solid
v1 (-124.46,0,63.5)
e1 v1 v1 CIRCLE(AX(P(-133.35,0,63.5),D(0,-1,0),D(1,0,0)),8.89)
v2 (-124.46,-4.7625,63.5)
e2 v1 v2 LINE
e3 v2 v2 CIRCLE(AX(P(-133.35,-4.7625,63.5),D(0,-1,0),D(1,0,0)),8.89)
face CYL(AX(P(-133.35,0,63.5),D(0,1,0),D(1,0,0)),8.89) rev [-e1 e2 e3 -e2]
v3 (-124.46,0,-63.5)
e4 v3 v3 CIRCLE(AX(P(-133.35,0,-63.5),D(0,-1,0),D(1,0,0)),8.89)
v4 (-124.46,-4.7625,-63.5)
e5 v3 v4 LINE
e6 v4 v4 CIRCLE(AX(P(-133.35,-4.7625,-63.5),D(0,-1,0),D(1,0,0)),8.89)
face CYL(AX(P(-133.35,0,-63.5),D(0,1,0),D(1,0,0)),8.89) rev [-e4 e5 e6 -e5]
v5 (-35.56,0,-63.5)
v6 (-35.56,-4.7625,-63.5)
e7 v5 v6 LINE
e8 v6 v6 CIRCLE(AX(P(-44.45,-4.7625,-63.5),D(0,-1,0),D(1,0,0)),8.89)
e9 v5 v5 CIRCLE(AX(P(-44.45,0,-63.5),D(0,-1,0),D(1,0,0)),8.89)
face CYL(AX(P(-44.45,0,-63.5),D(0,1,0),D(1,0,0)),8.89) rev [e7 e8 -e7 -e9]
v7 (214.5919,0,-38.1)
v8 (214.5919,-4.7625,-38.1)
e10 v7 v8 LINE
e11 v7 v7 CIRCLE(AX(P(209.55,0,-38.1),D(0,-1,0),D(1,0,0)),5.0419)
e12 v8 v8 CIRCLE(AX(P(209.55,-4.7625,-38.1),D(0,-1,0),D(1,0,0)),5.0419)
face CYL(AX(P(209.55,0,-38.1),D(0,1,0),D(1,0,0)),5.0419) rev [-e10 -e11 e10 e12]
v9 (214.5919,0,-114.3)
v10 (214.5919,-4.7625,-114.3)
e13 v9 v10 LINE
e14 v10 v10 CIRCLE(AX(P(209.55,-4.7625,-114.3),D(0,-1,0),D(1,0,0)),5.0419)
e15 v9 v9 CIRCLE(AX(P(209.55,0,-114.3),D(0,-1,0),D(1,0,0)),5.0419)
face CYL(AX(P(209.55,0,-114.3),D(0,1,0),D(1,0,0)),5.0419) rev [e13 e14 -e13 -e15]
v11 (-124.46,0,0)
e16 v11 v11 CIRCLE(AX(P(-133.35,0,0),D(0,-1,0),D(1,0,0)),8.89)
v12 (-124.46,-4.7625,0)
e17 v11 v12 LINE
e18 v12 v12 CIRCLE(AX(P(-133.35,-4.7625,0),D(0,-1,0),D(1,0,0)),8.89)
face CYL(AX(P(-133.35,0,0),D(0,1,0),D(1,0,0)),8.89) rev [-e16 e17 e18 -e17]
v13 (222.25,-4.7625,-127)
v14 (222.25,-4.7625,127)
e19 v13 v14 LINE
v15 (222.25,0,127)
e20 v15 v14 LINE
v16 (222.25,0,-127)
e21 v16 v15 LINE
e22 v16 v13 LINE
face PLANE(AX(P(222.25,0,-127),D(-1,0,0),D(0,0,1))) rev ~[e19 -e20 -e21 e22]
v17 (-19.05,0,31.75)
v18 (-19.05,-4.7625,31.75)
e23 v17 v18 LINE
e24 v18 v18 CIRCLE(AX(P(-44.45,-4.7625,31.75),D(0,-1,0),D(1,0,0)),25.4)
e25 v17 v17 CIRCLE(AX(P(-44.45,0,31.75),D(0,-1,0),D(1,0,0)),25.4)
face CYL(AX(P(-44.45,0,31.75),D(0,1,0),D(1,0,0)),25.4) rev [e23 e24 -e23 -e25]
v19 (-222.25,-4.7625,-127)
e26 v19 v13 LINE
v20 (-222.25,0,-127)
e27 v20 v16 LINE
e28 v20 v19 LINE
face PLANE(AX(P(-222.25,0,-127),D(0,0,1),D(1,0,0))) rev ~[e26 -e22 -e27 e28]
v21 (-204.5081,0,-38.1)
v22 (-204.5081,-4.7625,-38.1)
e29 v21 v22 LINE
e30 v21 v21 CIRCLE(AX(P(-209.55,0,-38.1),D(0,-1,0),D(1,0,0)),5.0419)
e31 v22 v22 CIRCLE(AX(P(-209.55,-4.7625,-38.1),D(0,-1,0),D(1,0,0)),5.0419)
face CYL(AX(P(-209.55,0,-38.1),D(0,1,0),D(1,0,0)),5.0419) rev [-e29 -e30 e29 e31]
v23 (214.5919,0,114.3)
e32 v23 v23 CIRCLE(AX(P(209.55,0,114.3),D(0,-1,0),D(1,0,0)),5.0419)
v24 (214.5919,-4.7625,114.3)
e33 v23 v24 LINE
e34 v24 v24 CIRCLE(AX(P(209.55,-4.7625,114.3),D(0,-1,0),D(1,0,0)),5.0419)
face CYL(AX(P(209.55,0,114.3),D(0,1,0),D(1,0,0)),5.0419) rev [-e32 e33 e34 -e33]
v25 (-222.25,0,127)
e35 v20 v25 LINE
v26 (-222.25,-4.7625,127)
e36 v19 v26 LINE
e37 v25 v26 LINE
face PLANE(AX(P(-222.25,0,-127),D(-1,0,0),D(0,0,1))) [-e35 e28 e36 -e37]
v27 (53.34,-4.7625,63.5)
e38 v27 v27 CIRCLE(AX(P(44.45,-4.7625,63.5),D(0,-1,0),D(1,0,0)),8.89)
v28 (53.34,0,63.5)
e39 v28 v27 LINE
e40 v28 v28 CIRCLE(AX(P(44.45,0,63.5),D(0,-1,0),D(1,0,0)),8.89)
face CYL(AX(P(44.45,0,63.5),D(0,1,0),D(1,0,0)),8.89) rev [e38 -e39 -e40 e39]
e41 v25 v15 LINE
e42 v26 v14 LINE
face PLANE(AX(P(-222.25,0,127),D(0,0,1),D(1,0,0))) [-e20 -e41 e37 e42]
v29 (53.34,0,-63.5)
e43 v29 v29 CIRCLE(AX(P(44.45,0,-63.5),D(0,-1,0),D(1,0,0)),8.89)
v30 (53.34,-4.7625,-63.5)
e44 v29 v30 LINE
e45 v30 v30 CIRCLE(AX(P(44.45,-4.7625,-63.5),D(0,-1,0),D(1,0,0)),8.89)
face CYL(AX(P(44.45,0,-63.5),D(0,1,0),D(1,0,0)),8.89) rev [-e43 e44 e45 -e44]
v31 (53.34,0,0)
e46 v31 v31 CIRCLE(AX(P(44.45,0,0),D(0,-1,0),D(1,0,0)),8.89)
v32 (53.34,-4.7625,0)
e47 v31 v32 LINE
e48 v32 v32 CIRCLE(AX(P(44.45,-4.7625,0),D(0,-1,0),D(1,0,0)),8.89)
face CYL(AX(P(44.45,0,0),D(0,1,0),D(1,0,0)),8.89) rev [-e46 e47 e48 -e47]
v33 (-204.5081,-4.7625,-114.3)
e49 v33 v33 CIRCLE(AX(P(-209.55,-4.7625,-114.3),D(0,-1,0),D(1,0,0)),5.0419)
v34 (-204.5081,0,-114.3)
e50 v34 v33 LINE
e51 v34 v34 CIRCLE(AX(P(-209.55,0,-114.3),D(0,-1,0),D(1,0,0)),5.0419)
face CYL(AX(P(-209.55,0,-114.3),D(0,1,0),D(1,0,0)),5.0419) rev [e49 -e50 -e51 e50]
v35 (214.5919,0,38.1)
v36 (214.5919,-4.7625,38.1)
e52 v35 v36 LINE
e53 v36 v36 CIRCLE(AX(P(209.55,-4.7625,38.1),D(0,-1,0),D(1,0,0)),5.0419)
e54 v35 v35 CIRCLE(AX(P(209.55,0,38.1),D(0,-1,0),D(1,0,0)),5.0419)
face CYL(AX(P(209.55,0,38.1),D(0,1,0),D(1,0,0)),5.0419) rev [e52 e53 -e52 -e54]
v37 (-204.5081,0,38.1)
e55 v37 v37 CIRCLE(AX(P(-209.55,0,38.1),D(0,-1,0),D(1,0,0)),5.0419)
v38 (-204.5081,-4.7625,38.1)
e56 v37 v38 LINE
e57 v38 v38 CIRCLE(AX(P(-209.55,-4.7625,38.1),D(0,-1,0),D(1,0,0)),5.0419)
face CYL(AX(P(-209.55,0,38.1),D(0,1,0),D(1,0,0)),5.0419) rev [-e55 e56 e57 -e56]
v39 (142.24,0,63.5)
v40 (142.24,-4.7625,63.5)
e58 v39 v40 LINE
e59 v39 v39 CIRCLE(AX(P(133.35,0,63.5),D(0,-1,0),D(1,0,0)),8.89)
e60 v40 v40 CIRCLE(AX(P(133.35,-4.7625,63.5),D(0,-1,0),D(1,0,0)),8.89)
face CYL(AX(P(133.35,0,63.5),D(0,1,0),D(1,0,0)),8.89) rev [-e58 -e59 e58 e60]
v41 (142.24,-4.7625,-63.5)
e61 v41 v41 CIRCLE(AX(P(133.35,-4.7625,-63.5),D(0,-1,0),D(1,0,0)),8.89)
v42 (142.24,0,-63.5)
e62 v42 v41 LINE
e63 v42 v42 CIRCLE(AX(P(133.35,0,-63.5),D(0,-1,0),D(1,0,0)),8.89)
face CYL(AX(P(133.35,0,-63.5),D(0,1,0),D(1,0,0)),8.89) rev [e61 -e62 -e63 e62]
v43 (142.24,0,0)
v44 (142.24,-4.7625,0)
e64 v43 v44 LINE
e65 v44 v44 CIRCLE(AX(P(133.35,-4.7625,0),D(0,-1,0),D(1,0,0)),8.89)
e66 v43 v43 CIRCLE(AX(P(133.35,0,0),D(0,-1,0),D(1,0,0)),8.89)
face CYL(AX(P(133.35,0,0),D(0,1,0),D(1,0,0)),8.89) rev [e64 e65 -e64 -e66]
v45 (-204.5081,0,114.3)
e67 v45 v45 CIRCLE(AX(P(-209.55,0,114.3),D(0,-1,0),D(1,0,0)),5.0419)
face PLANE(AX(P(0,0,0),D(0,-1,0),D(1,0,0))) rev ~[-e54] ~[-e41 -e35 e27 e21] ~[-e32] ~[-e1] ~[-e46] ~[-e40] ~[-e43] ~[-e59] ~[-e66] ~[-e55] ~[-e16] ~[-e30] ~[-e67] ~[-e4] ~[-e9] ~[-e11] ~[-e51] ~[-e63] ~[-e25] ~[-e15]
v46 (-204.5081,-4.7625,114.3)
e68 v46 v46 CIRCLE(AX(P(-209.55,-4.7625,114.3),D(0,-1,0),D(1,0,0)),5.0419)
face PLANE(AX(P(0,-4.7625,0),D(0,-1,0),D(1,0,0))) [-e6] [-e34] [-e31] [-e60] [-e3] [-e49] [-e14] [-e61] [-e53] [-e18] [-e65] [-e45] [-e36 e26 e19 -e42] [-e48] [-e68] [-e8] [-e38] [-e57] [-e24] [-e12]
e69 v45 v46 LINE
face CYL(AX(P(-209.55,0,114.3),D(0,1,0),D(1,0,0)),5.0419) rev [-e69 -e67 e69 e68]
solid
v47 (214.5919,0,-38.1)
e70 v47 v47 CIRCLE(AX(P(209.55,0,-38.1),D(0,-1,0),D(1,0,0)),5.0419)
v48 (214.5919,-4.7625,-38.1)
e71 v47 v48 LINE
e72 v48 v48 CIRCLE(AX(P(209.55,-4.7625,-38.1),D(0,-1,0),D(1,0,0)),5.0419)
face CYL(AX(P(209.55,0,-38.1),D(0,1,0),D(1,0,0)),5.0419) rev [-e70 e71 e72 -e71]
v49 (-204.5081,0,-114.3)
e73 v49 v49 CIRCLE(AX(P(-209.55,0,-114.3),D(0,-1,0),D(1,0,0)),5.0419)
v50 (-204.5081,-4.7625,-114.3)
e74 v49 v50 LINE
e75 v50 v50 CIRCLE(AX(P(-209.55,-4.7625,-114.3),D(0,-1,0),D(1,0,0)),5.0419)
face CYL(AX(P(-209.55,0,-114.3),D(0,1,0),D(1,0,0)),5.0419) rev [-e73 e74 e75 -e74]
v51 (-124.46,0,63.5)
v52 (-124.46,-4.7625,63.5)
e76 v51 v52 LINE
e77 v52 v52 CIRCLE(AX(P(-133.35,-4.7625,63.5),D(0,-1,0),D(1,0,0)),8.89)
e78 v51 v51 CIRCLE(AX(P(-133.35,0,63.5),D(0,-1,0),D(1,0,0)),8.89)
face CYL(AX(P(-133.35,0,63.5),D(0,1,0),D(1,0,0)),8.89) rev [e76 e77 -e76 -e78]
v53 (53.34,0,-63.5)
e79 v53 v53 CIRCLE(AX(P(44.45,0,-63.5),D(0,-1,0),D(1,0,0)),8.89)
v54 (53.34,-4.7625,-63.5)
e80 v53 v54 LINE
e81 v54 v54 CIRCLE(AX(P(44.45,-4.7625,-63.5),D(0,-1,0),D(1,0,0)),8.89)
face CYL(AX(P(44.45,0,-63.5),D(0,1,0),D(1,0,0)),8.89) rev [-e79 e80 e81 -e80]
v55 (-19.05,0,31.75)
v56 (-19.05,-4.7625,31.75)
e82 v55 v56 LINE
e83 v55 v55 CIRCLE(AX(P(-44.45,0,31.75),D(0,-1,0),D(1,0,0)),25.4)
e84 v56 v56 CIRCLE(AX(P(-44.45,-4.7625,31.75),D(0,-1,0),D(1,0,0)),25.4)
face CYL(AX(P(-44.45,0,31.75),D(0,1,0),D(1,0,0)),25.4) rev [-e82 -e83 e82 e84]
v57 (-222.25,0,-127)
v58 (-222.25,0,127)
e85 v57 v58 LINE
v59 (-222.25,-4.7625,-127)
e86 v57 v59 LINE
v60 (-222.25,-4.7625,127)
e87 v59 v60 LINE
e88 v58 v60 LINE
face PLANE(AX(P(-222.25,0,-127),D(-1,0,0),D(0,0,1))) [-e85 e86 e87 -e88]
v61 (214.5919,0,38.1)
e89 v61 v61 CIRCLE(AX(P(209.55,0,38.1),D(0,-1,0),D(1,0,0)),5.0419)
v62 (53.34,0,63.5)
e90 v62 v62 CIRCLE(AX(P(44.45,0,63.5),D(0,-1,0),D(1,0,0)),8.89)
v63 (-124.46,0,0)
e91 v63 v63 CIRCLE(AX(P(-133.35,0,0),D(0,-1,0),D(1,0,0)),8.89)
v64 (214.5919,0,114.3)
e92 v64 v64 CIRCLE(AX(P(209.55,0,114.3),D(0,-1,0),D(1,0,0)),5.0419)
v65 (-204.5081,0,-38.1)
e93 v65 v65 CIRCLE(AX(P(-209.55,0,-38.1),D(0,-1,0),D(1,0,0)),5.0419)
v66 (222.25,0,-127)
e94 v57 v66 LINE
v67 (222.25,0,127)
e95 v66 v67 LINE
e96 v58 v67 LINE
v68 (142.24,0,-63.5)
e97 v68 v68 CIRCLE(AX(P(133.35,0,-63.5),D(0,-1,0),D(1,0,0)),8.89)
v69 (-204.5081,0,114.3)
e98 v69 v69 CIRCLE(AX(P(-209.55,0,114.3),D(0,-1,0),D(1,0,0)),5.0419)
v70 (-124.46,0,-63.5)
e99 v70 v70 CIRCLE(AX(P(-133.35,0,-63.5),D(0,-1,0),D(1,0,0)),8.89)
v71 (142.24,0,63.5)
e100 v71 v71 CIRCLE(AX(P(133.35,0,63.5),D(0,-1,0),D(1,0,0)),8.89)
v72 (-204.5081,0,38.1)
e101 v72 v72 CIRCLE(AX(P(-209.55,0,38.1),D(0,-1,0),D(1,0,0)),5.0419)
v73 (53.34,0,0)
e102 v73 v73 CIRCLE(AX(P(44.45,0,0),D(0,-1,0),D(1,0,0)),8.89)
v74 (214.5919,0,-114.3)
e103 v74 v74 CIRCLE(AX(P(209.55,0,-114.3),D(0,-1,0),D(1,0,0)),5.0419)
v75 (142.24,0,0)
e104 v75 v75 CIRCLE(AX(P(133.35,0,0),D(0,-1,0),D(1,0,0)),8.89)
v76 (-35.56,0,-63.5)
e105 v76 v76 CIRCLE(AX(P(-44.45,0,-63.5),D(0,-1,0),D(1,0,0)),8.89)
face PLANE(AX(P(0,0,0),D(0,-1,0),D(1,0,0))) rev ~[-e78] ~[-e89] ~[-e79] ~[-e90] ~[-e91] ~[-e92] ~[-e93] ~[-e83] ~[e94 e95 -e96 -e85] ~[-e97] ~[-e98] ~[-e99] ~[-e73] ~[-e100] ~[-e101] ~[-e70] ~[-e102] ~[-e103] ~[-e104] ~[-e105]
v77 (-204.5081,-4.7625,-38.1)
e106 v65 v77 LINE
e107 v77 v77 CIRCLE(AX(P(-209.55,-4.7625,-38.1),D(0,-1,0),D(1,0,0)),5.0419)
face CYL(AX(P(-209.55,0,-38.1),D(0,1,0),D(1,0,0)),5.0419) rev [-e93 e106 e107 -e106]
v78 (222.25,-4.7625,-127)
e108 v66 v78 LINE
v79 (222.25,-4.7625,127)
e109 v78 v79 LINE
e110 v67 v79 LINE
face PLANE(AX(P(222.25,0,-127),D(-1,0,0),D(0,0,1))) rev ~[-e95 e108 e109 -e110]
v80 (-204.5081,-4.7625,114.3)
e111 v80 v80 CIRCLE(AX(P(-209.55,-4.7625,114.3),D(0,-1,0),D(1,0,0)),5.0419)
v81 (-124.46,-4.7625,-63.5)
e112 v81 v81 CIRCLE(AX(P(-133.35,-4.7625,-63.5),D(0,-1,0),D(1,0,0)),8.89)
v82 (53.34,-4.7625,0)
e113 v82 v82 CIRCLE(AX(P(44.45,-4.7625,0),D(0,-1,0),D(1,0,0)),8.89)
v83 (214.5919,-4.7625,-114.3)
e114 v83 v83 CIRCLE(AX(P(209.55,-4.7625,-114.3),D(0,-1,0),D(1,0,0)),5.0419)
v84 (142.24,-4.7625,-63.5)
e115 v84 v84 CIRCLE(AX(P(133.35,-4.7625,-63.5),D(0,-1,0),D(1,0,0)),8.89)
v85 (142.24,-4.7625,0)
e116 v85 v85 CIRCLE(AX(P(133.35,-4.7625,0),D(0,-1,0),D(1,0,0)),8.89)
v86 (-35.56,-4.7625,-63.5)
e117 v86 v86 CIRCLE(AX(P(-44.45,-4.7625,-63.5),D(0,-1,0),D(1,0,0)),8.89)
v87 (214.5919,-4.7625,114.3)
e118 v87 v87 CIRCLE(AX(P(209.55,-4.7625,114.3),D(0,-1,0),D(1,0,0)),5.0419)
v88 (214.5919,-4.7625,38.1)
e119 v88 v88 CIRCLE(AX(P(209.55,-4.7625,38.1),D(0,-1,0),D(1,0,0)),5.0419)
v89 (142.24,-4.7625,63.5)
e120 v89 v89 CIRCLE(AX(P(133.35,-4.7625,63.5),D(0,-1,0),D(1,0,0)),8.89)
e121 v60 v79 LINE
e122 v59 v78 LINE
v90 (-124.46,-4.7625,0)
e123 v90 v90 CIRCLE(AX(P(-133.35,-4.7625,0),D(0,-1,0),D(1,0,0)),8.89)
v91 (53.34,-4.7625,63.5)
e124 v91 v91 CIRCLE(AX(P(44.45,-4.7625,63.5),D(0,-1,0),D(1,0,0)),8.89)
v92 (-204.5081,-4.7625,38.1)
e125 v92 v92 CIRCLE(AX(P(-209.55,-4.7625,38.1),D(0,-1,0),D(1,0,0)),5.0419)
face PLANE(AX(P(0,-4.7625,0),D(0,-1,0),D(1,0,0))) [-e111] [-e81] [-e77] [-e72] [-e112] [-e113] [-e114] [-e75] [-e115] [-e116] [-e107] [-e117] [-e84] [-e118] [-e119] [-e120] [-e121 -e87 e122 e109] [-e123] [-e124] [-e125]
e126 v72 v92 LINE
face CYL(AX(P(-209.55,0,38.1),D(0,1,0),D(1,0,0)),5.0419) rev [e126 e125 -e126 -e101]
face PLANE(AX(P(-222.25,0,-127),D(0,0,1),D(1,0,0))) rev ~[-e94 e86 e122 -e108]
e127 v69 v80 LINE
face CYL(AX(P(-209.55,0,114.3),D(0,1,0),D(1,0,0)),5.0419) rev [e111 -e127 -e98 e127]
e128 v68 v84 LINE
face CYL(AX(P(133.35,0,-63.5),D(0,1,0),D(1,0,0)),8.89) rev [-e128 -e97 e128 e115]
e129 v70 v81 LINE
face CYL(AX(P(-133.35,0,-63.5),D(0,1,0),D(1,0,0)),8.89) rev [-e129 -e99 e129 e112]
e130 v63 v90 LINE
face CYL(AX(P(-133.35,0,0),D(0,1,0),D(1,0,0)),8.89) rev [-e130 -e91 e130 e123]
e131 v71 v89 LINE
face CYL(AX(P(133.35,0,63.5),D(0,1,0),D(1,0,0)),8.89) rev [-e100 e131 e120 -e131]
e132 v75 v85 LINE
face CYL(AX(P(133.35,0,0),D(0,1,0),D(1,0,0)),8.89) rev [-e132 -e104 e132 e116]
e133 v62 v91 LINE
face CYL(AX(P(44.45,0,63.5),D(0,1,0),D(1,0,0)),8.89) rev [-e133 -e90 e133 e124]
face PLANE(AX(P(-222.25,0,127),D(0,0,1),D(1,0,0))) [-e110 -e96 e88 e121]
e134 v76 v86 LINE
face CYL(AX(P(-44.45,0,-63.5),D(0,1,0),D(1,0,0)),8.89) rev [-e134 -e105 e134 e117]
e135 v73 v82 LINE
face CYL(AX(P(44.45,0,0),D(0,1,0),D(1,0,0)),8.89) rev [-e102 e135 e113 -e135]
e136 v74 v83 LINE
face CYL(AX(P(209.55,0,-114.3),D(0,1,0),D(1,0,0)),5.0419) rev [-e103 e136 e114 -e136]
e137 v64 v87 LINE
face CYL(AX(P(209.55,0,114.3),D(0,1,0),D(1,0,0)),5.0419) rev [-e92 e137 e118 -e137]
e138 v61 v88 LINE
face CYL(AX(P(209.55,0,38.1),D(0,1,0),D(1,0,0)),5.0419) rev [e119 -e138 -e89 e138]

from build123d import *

# Parameters (mm, degrees)
F0_W     = 444.5
F0_H     = 254
F0_R     = 5.0419
F0_R_2   = 8.89
F0_R_3   = 25.4
F1_DEPTH = 4.7625
F2_DEPTH = 4.7625


with BuildPart() as f1:
    # F0 (on Front) → F1 (new body)
    with BuildSketch(Plane.XZ):
        Rectangle(F0_W, F0_H)
        with Locations((-209.55, -114.3)):
            Circle(F0_R, mode=Mode.SUBTRACT)
        with Locations((-209.55, -38.1)):
            Circle(F0_R, mode=Mode.SUBTRACT)
        with Locations((-133.35, -63.5)):
            Circle(F0_R_2, mode=Mode.SUBTRACT)
        with Locations((-44.45, -63.5)):
            Circle(F0_R_2, mode=Mode.SUBTRACT)
        with Locations((209.55, -114.3)):
            Circle(F0_R, mode=Mode.SUBTRACT)
        with Locations((44.45, -63.5)):
            Circle(F0_R_2, mode=Mode.SUBTRACT)
        with Locations((133.35, -63.5)):
            Circle(F0_R_2, mode=Mode.SUBTRACT)
        with Locations((209.55, -38.1)):
            Circle(F0_R, mode=Mode.SUBTRACT)
        with Locations((-133.35, 0)):
            Circle(F0_R_2, mode=Mode.SUBTRACT)
        with Locations((-209.55, 38.1)):
            Circle(F0_R, mode=Mode.SUBTRACT)
        with Locations((-44.45, 31.75)):
            Circle(F0_R_3, mode=Mode.SUBTRACT)
        with Locations((-133.35, 63.5)):
            Circle(F0_R_2, mode=Mode.SUBTRACT)
        with Locations((-209.55, 114.3)):
            Circle(F0_R, mode=Mode.SUBTRACT)
        with Locations((44.45, 0)):
            Circle(F0_R_2, mode=Mode.SUBTRACT)
        with Locations((133.35, 0)):
            Circle(F0_R_2, mode=Mode.SUBTRACT)
        with Locations((209.55, 38.1)):
            Circle(F0_R, mode=Mode.SUBTRACT)
        with Locations((44.45, 63.5)):
            Circle(F0_R_2, mode=Mode.SUBTRACT)
        with Locations((133.35, 63.5)):
            Circle(F0_R_2, mode=Mode.SUBTRACT)
        with Locations((209.55, 114.3)):
            Circle(F0_R, mode=Mode.SUBTRACT)
    extrude(amount=F1_DEPTH)


with BuildPart() as f2:
    # F0 (on Front) → F2 (new body)
    with BuildSketch(Plane.XZ):
        Rectangle(F0_W, F0_H)
        with Locations((-209.55, -114.3)):
            Circle(F0_R, mode=Mode.SUBTRACT)
        with Locations((-209.55, -38.1)):
            Circle(F0_R, mode=Mode.SUBTRACT)
        with Locations((-133.35, -63.5)):
            Circle(F0_R_2, mode=Mode.SUBTRACT)
        with Locations((-44.45, -63.5)):
            Circle(F0_R_2, mode=Mode.SUBTRACT)
        with Locations((209.55, -114.3)):
            Circle(F0_R, mode=Mode.SUBTRACT)
        with Locations((44.45, -63.5)):
            Circle(F0_R_2, mode=Mode.SUBTRACT)
        with Locations((133.35, -63.5)):
            Circle(F0_R_2, mode=Mode.SUBTRACT)
        with Locations((209.55, -38.1)):
            Circle(F0_R, mode=Mode.SUBTRACT)
        with Locations((-133.35, 0)):
            Circle(F0_R_2, mode=Mode.SUBTRACT)
        with Locations((-209.55, 38.1)):
            Circle(F0_R, mode=Mode.SUBTRACT)
        with Locations((-44.45, 31.75)):
            Circle(F0_R_3, mode=Mode.SUBTRACT)
        with Locations((-133.35, 63.5)):
            Circle(F0_R_2, mode=Mode.SUBTRACT)
        with Locations((-209.55, 114.3)):
            Circle(F0_R, mode=Mode.SUBTRACT)
        with Locations((44.45, 0)):
            Circle(F0_R_2, mode=Mode.SUBTRACT)
        with Locations((133.35, 0)):
            Circle(F0_R_2, mode=Mode.SUBTRACT)
        with Locations((209.55, 38.1)):
            Circle(F0_R, mode=Mode.SUBTRACT)
        with Locations((44.45, 63.5)):
            Circle(F0_R_2, mode=Mode.SUBTRACT)
        with Locations((133.35, 63.5)):
            Circle(F0_R_2, mode=Mode.SUBTRACT)
        with Locations((209.55, 114.3)):
            Circle(F0_R, mode=Mode.SUBTRACT)
    extrude(amount=F2_DEPTH)


solid = Compound([f1.part, f2.part])
